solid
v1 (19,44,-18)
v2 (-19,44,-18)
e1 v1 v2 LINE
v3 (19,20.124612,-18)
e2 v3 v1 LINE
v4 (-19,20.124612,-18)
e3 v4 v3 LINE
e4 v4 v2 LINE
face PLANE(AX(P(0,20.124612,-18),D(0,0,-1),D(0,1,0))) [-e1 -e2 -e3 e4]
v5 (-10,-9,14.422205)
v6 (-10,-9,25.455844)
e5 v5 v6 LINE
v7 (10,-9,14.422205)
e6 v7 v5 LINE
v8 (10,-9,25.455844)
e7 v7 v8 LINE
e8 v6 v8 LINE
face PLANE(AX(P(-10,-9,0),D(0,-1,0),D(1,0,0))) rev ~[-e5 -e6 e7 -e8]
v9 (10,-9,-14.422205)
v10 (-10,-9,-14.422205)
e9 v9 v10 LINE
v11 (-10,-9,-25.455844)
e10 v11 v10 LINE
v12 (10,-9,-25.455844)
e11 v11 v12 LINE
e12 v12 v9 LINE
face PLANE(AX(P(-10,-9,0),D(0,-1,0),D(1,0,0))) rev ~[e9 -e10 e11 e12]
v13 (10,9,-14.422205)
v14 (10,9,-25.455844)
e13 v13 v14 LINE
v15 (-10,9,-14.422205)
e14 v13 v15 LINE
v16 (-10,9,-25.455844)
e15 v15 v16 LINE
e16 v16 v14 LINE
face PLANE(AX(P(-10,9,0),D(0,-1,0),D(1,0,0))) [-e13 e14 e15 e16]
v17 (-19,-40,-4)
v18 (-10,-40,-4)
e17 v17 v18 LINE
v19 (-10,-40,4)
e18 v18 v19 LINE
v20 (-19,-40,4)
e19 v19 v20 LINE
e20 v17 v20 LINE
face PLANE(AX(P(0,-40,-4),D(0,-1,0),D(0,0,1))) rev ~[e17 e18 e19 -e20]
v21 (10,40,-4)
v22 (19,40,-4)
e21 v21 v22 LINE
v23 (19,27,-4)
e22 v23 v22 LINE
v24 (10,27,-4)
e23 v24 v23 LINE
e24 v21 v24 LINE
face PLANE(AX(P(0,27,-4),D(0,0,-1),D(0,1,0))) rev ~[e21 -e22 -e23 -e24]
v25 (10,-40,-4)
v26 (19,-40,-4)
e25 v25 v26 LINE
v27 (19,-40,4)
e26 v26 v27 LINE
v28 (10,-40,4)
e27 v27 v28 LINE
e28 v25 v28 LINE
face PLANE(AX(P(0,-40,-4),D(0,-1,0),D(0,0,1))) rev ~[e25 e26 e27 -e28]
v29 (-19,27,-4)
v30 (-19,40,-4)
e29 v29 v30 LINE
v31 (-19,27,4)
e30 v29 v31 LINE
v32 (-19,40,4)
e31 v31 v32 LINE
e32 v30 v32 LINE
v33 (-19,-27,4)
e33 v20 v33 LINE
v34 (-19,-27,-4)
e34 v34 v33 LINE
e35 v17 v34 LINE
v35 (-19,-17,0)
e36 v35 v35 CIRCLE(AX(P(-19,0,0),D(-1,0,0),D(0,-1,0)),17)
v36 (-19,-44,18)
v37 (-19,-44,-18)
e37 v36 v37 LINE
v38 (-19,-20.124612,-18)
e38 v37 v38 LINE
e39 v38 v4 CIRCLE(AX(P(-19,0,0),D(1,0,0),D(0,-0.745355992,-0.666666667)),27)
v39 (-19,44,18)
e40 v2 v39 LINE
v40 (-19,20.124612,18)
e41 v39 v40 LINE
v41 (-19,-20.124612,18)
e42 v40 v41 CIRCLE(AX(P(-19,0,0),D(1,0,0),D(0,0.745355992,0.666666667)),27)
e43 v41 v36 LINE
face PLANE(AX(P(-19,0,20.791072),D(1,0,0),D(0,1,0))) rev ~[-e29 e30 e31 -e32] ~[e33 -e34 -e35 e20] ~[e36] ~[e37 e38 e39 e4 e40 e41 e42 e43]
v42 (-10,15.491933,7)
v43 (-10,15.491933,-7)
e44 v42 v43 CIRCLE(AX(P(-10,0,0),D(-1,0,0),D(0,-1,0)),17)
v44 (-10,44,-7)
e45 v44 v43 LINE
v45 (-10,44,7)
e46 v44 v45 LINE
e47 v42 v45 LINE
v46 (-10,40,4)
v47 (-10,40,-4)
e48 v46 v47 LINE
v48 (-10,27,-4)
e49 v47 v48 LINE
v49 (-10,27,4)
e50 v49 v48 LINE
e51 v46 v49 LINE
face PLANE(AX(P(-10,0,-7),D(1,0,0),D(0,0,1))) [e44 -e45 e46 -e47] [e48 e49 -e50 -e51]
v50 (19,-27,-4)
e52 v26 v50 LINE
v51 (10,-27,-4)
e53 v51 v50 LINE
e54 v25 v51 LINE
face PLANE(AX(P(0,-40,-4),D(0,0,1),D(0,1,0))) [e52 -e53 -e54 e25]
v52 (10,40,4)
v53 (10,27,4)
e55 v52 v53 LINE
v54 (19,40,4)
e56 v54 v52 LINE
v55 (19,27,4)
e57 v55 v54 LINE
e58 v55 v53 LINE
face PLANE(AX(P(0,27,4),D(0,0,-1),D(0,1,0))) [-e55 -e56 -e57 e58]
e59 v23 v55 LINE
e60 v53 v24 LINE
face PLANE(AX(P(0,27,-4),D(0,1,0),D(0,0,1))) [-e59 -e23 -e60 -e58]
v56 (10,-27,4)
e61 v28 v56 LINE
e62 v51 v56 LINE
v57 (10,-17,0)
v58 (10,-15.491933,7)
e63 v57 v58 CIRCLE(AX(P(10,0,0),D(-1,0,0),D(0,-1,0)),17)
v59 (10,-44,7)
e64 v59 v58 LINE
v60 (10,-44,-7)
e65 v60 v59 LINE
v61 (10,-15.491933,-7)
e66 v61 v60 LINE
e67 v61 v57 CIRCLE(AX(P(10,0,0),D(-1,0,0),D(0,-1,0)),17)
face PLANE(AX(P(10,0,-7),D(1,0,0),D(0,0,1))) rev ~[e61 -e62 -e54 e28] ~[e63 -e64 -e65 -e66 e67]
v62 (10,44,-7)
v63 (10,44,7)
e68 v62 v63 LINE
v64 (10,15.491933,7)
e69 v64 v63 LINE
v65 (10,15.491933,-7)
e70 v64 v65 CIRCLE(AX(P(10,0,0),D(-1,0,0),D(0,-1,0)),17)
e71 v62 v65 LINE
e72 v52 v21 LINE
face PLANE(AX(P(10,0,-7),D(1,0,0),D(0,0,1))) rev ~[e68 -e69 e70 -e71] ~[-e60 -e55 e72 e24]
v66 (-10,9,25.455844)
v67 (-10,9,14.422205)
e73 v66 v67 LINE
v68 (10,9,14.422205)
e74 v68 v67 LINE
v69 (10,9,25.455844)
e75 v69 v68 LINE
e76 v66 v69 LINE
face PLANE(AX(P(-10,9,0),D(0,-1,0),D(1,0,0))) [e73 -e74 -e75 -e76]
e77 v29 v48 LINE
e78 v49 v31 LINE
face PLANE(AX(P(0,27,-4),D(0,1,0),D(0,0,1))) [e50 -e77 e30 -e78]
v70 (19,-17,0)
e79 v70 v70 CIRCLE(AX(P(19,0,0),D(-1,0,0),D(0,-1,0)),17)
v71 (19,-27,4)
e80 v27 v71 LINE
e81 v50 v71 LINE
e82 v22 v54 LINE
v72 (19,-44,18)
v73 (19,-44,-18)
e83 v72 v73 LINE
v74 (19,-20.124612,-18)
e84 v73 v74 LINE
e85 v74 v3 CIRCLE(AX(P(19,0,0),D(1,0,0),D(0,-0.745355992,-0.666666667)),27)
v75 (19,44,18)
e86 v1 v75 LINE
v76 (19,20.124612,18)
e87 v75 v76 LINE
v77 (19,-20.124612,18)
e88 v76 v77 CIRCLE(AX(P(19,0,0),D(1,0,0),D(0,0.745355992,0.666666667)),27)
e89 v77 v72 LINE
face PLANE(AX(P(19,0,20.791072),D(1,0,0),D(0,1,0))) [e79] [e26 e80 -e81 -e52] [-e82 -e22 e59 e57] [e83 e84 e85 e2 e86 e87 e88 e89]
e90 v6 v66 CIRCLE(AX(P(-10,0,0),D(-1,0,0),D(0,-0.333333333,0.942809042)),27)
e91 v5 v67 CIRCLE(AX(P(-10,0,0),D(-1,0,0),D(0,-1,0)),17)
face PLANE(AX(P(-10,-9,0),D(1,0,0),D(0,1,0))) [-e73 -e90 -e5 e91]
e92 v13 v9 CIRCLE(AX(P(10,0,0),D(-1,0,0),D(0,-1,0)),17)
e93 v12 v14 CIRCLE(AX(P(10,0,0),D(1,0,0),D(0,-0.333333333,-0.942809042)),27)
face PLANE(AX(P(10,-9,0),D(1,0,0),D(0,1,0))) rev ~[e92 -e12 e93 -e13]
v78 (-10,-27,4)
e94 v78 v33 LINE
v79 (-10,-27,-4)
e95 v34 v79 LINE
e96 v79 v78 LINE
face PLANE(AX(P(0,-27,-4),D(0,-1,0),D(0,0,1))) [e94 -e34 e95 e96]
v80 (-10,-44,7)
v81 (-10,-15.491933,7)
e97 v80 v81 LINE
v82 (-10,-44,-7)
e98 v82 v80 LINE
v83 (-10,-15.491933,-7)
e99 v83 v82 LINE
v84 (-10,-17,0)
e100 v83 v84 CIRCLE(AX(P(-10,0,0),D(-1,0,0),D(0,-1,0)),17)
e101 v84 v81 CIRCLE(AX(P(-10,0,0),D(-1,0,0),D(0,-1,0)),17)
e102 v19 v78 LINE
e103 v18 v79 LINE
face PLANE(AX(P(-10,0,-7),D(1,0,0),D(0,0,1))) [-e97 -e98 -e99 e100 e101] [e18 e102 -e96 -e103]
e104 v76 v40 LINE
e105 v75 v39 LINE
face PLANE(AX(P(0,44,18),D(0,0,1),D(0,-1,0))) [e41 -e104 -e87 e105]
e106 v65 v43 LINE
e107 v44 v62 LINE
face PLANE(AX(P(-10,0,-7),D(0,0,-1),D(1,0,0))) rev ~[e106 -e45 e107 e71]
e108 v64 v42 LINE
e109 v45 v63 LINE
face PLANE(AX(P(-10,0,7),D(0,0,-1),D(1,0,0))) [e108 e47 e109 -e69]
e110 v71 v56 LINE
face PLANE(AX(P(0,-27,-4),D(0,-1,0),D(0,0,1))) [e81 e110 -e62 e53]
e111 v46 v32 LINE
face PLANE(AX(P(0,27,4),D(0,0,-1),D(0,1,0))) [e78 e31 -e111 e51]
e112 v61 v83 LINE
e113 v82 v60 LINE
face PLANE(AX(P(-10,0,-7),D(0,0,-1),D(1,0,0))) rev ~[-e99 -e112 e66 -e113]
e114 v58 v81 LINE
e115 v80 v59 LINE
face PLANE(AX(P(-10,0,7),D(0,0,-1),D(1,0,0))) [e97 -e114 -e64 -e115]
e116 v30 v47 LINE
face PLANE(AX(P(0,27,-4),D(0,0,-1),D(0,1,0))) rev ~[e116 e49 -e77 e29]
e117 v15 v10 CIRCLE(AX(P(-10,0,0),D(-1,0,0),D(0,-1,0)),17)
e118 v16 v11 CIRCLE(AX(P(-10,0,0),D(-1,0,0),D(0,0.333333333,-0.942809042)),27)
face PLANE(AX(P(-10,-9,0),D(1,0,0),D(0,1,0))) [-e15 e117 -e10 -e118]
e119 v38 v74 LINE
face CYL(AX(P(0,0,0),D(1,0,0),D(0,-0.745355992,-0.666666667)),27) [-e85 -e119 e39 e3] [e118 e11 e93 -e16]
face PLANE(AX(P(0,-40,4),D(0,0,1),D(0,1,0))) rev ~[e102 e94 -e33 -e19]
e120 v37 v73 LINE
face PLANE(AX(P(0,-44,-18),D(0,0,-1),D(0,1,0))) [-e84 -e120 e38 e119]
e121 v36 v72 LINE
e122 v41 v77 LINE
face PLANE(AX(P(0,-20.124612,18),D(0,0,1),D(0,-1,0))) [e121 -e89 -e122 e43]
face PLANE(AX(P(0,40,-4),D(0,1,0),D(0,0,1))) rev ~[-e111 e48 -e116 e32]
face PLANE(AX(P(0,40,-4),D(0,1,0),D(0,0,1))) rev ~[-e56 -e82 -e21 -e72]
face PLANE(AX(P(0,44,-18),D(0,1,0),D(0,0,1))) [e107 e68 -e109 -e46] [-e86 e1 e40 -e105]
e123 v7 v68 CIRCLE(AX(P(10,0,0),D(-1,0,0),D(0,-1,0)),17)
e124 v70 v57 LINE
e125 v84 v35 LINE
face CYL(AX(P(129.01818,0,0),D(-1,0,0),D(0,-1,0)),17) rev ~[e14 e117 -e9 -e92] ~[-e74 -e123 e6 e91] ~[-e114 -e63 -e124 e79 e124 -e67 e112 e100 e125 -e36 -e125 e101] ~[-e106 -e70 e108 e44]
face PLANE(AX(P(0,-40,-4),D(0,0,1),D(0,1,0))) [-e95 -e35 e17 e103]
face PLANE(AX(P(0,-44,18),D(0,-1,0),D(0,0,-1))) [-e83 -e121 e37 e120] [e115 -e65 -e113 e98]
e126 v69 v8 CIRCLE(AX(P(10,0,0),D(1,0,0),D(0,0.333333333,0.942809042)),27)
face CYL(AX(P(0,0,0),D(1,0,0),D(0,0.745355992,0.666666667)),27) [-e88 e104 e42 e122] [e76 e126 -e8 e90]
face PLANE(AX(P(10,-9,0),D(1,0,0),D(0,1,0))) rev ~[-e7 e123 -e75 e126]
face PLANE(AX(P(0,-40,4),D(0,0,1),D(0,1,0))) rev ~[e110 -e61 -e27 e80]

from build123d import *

# Parameters (mm, degrees)
F1_DEPTH = 19
F3_D     = 34
F4_W     = 20
F4_H     = 18
F5_DEPTH = 27
F6_W     = 13
F6_H     = 8
F7_DEPTH = 19
F8_W     = 20
F8_H     = 14
F9_DEPTH = 44


with BuildPart() as f1:
    # F0 (on Right) → F1 (new body, symmetric)
    with BuildSketch(Plane.YZ):
        with BuildLine():
            Line((-20.1246117975, 18), (20.1246117975, 18))
            ThreePointArc((20.1246117975, 18), (0, 27), (-20.1246117975, 18))
        make_face()
        with BuildLine():
            ThreePointArc((-20.1246117975, -18), (-27, 0), (-20.1246117975, 18))
            Line((-20.1246117975, 18), (-44, 18))
            Line((-44, 18), (-44, -18))
            Line((-44, -18), (-20.1246117975, -18))
        make_face()
        with BuildLine():
            ThreePointArc((20.1246117975, -18), (25.222653692, -9.6341964239), (27, 0))
            ThreePointArc((27, 0), (25.222653692, 9.6341964239), (20.1246117975, 18))
            Line((20.1246117975, 18), (-20.1246117975, 18))
            ThreePointArc((-20.1246117975, 18), (-27, 0), (-20.1246117975, -18))
            Line((-20.1246117975, -18), (20.1246117975, -18))
        make_face()
        with BuildLine():
            ThreePointArc((20.1246117975, 18), (25.222653692, 9.6341964239), (27, 0))
            ThreePointArc((27, 0), (25.222653692, -9.6341964239), (20.1246117975, -18))
            Line((20.1246117975, -18), (44, -18))
            Line((44, -18), (44, 18))
            Line((44, 18), (20.1246117975, 18))
        make_face()
        with BuildLine():
            ThreePointArc((-20.1246117975, -18), (0, -27), (20.1246117975, -18))
            Line((20.1246117975, -18), (-20.1246117975, -18))
        make_face()
    extrude(amount=F1_DEPTH, both=True)

    # F3 (through all)
    with Locations(Plane.YZ.offset(19)):
        with Locations((0, 0)):
            Hole(F3_D / 2)

    # F4 (on Top) → F5 (cut, symmetric)
    with BuildSketch(Plane.XY):
        Rectangle(F4_W, F4_H)
    extrude(amount=F5_DEPTH, both=True, mode=Mode.SUBTRACT)

    # F6 (on Right) → F7 (cut, symmetric)
    with BuildSketch(Plane.YZ):
        with Locations((-33.5, 0)):
            Rectangle(F6_W, F6_H)
        with Locations((33.5, 0)):
            Rectangle(F6_W, F6_H)
    extrude(amount=F7_DEPTH, both=True, mode=Mode.SUBTRACT)

    # F8 (on Front) → F9 (cut, symmetric)
    with BuildSketch(Plane.XZ):
        Rectangle(F8_W, F8_H)
    extrude(amount=F9_DEPTH, both=True, mode=Mode.SUBTRACT)


solid = f1.part
